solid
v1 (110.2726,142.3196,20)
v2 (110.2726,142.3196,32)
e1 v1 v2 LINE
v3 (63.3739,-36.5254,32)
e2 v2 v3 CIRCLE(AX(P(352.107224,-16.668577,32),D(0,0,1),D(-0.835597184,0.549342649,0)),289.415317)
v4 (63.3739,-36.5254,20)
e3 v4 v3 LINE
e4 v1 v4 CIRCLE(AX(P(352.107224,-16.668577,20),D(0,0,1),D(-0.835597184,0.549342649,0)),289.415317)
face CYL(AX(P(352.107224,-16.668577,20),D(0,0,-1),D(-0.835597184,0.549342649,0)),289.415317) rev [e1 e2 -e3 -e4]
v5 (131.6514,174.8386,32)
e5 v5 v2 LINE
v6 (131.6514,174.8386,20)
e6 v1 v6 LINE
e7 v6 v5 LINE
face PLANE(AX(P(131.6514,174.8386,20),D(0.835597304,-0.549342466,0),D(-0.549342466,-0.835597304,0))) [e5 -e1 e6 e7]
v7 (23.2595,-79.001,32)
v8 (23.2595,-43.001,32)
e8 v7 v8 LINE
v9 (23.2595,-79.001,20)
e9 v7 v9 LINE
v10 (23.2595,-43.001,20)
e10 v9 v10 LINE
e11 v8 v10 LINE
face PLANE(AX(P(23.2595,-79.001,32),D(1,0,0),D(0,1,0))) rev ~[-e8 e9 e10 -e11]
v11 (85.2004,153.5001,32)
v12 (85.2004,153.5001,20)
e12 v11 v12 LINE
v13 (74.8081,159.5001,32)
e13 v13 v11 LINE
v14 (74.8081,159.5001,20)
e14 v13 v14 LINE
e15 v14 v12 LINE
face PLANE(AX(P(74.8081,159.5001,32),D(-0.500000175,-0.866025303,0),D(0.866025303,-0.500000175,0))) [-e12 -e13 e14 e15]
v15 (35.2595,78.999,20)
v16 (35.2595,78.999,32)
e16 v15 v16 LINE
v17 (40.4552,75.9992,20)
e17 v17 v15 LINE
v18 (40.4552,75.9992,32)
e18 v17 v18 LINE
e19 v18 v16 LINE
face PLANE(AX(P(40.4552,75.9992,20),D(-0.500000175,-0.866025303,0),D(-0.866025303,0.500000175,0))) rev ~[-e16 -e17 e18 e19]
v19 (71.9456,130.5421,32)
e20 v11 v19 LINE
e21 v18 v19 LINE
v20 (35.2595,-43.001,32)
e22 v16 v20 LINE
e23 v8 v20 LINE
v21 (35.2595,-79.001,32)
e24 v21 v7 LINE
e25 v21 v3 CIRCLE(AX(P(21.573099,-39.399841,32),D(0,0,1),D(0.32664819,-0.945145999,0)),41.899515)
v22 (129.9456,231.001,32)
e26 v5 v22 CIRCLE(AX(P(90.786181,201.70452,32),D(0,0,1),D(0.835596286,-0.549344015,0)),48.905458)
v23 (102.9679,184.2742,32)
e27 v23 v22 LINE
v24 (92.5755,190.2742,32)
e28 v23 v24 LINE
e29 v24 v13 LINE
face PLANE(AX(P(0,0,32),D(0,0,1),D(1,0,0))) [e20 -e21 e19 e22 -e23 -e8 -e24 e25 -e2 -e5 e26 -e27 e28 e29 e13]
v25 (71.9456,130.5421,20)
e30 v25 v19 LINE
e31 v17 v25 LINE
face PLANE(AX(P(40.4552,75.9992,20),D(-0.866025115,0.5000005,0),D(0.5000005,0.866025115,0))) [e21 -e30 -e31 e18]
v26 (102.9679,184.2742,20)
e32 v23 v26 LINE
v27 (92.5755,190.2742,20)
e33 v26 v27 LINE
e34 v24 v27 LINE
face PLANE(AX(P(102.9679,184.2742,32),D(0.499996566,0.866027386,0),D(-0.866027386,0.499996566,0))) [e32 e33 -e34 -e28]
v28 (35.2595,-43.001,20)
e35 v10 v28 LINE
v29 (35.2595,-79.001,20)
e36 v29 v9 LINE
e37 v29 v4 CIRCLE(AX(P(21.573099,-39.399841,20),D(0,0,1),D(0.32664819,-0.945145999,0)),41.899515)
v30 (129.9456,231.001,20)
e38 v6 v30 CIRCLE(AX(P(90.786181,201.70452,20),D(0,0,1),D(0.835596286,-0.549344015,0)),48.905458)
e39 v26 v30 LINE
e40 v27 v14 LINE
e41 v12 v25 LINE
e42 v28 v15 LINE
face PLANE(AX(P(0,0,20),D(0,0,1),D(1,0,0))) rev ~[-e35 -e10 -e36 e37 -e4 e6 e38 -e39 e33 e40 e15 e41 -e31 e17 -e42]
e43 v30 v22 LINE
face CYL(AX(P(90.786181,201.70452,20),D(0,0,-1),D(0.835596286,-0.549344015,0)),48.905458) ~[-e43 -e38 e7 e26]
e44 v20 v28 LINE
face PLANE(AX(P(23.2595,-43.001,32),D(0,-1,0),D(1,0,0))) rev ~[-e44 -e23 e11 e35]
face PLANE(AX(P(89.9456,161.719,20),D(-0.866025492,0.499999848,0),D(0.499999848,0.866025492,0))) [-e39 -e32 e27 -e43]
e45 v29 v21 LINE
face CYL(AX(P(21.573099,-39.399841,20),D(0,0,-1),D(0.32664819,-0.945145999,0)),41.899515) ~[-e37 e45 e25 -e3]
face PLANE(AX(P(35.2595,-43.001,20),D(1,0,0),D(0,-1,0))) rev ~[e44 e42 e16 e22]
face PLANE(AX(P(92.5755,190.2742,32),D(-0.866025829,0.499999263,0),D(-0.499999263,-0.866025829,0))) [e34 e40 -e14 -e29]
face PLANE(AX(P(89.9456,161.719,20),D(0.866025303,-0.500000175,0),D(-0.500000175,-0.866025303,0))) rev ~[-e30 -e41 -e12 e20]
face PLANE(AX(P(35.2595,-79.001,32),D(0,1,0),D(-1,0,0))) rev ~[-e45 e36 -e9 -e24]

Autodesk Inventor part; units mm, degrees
ref_plane "YZ Plane" through (0, 0, 0) normal (1, 0, 0) x (0, 1, 0)
ref_plane "XZ Plane" through (0, 0, 0) normal (0, 1, 0) x (-1, 0, 0)
ref_plane "XY Plane" through (0, 0, 0) normal (0, 0, 1) x (1, 0, 0)
ref_plane "Work Plane1" through (0, 0, 20) normal (0, 0, 1) x (1, 0, 0)
sketch "Sketch1" plane through (0, 0, 20) normal (0, 0, 1) x (1, 0, 0)
  circle A0 centre (68.2595, 214.6541) radius 4 projected
  line L0 (64.2595, -185.3459) -> (64.2595, -225.3459) projected
  arc A1 (72.2595, -185.3459) -> (64.2595, -185.3459) centre (68.2595, -185.3459) ccw projected
  line L1 (72.2595, -225.3459) -> (72.2595, -185.3459) projected
  arc A2 (64.2595, -225.3459) -> (72.2595, -225.3459) centre (68.2595, -225.3459) ccw projected
  line L2 (-101.2595, 230.5421) -> (-90.8671, 224.5421) projected
  line L3 (-90.8671, 224.5421) -> (-108.8671, 193.3652) projected
  line L4 (-108.8671, 193.3652) -> (-119.2595, 199.3652) projected
  line L5 (-137.2595, 168.1883) -> (-119.2595, 199.3652) projected
  line L6 (-137.2595, 168.1883) -> (-106.0825, 150.1883) projected
  line L7 (-106.0825, 150.1883) -> (-112.0825, 139.796) projected
  line L8 (-80.9056, 121.796) -> (-112.0825, 139.796) projected
  line L9 (-80.9056, 121.796) -> (-74.9056, 132.1883) projected
  line L10 (-74.9056, 132.1883) -> (-43.7287, 114.1883) projected
  line L11 (-43.7287, 114.1883) -> (-49.7287, 103.796) projected
  line L12 (-18.5518, 85.796) -> (-49.7287, 103.796) projected
  line L13 (-18.5518, 85.796) -> (-12.5518, 96.1883) projected
  line L14 (-12.5518, 96.1883) -> (18.6251, 78.1883) projected
  line L15 (18.6251, 78.1883) -> (12.6251, 67.796) projected
  line L16 (23.2595, 61.6562) -> (12.6251, 67.796) projected
  line L17 (23.2595, -7.001) -> (23.2595, 61.6562) projected
  line L18 (23.2595, -7.001) -> (35.2595, -7.001) projected
  line L19 (35.2595, -7.001) -> (35.2595, -43.001) projected
  line L20 (35.2595, -43.001) -> (23.2595, -43.001) projected
  line L21 (23.2595, -79.001) -> (23.2595, -43.001) projected
  line L22 (23.2595, -79.001) -> (35.2595, -79.001) projected
  line L23 (35.2595, -79.001) -> (35.2595, -115.001) projected
  line L24 (35.2595, -115.001) -> (23.2595, -115.001) projected
  line L25 (23.2595, -151.001) -> (23.2595, -115.001) projected
  line L26 (23.2595, -151.001) -> (35.2595, -151.001) projected
  line L27 (35.2595, -151.001) -> (35.2595, -187.001) projected
  line L28 (35.2595, -187.001) -> (23.2595, -187.001) projected
  line L29 (23.2595, -223.001) -> (23.2595, -187.001) projected
  line L30 (23.2595, -223.001) -> (35.2595, -223.001) projected
  line L31 (35.2595, -223.001) -> (35.2595, -259.001) projected
  line L32 (35.2595, -259.001) -> (23.2595, -259.001) projected
  line L33 (23.2595, -295.001) -> (23.2595, -259.001) projected
  line L34 (23.2595, -295.001) -> (35.2595, -295.001) projected
  line L35 (35.2595, -295.001) -> (35.2595, -331.001) projected
  line L36 (105.7595, -290.2979) -> (35.2595, -331.001) projected
  arc A3 (105.7595, -290.2979) -> (143.2595, -225.3459) centre (68.2595, -225.3459) ccw projected
  line L37 (143.2595, -185.3459) -> (143.2595, -225.3459) projected
  arc A4 (143.2595, -185.3459) -> (125.3012, -136.6505) centre (68.2595, -185.3459) ccw projected
  arc A5 (114.6586, -107.7924) -> (125.3012, -136.6505) centre (159.1055, -107.7924) ccw projected
  line L38 (114.6586, 129.2663) -> (114.6586, -107.7924) projected
  arc A6 (5.9066, 302.615) -> (62.9654, 289.467) centre (55.9066, 389.2175) ccw projected
  line L39 (-43.2595, 331.001) -> (5.9066, 302.615) projected
  line L40 (-65.2595, 292.8959) -> (-43.2595, 331.001) projected
  line L41 (-65.2595, 292.8959) -> (-54.8671, 286.8959) projected
  line L42 (-54.8671, 286.8959) -> (-72.8671, 255.719) projected
  line L43 (-72.8671, 255.719) -> (-83.2595, 261.719) projected
  line L44 (-101.2595, 230.5421) -> (-83.2595, 261.719) projected
  circle A7 centre (28.2595, 174.6541) radius 30 projected
  line L45 (71.9456, 130.5421) -> (61.5533, 136.5421) projected
  line L46 (61.5533, 136.5421) -> (79.5533, 167.719) projected
  line L47 (79.5533, 167.719) -> (89.9456, 161.719) projected
  line L48 (89.9456, 161.719) -> (71.9456, 130.5421) projected
  line L49 (40.4552, 75.9992) -> (71.9456, 130.5421) projected
  line L50 (40.4552, 75.9992) -> (30.0629, 81.9992) projected
  line L51 (30.0629, 81.9992) -> (61.5533, 136.5421) projected
  line L52 (61.5533, 136.5421) -> (71.9456, 130.5421) projected
  line L53 (40.4552, 75.9992) -> (71.9456, 130.5421) projected
  line L54 (35.2595, 78.999) -> (35.2595, -6.251) projected
  line L55 (35.2595, -6.251) -> (23.2595, -6.251) projected
  line L56 (23.2595, 78.999) -> (23.2595, -6.251) projected
  line L57 (35.2595, 78.999) -> (23.2595, 78.999) projected
  line L58 (89.9456, 161.719) -> (137.3521, 243.8295)
  line L59 (131.6514, 174.8386) -> (110.2726, 142.3196)
  arc A8 (110.2726, 142.3196) -> (63.3739, -36.5254) centre (352.1075, -16.6687) ccw
  arc A9 (35.2595, -79.001) -> (63.3739, -36.5254) centre (21.5733, -39.4001) ccw
  line L60 (119.5533, 237.001) -> (129.9456, 231.001) projected
  arc A10 (131.6514, 174.8386) -> (129.9456, 231.001) centre (90.7859, 201.7046) ccw
  circle A11 centre (68.2595, 214.6541) radius 4 projected
  line L61 (64.2595, -185.3459) -> (64.2595, -225.3459) projected
  arc A12 (72.2595, -185.3459) -> (64.2595, -185.3459) centre (68.2595, -185.3459) ccw projected
  line L62 (72.2595, -225.3459) -> (72.2595, -185.3459) projected
  arc A13 (64.2595, -225.3459) -> (72.2595, -225.3459) centre (68.2595, -225.3459) ccw projected
  line L63 (-101.2595, 230.5421) -> (-90.8671, 224.5421) projected
  line L64 (-90.8671, 224.5421) -> (-108.8671, 193.3652) projected
  line L65 (-108.8671, 193.3652) -> (-119.2595, 199.3652) projected
  line L66 (-137.2595, 168.1883) -> (-119.2595, 199.3652) projected
  line L67 (-137.2595, 168.1883) -> (-106.0825, 150.1883) projected
  line L68 (-106.0825, 150.1883) -> (-112.0825, 139.796) projected
  line L69 (-80.9056, 121.796) -> (-112.0825, 139.796) projected
  line L70 (-80.9056, 121.796) -> (-74.9056, 132.1883) projected
  line L71 (-74.9056, 132.1883) -> (-43.7287, 114.1883) projected
  line L72 (-43.7287, 114.1883) -> (-49.7287, 103.796) projected
  line L73 (-18.5518, 85.796) -> (-49.7287, 103.796) projected
  line L74 (-18.5518, 85.796) -> (-12.5518, 96.1883) projected
  line L75 (-12.5518, 96.1883) -> (18.6251, 78.1883) projected
  line L76 (18.6251, 78.1883) -> (12.6251, 67.796) projected
  line L77 (23.2595, 61.6562) -> (12.6251, 67.796) projected
  line L78 (23.2595, -7.001) -> (23.2595, 61.6562) projected
  line L79 (23.2595, -7.001) -> (35.2595, -7.001) projected
  line L80 (35.2595, -7.001) -> (35.2595, -43.001) projected
  line L81 (35.2595, -43.001) -> (23.2595, -43.001) projected
  line L82 (23.2595, -79.001) -> (23.2595, -43.001) projected
  line L83 (23.2595, -79.001) -> (35.2595, -79.001) projected
  line L84 (35.2595, -79.001) -> (35.2595, -115.001) projected
  line L85 (35.2595, -115.001) -> (23.2595, -115.001) projected
  line L86 (23.2595, -151.001) -> (23.2595, -115.001) projected
  line L87 (23.2595, -151.001) -> (35.2595, -151.001) projected
  line L88 (35.2595, -151.001) -> (35.2595, -187.001) projected
  line L89 (35.2595, -187.001) -> (23.2595, -187.001) projected
  line L90 (23.2595, -223.001) -> (23.2595, -187.001) projected
  line L91 (23.2595, -223.001) -> (35.2595, -223.001) projected
  line L92 (35.2595, -223.001) -> (35.2595, -259.001) projected
  line L93 (35.2595, -259.001) -> (23.2595, -259.001) projected
  line L94 (23.2595, -295.001) -> (23.2595, -259.001) projected
  line L95 (23.2595, -295.001) -> (35.2595, -295.001) projected
  line L96 (35.2595, -295.001) -> (35.2595, -331.001) projected
  line L97 (105.7595, -290.2979) -> (35.2595, -331.001) projected
  arc A14 (105.7595, -290.2979) -> (143.2595, -225.3459) centre (68.2595, -225.3459) ccw projected
  line L98 (143.2595, -185.3459) -> (143.2595, -225.3459) projected
  arc A15 (143.2595, -185.3459) -> (125.3012, -136.6505) centre (68.2595, -185.3459) ccw projected
  arc A16 (114.6586, -107.7924) -> (125.3012, -136.6505) centre (159.1055, -107.7924) ccw projected
  line L99 (114.6586, 129.2663) -> (114.6586, -107.7924) projected
  arc A17 (128.1281, 169.4795) -> (114.6586, 129.2663) centre (181.4216, 129.2663) ccw projected
  arc A18 (128.1281, 169.4795) -> (62.9654, 289.467) centre (68.2595, 214.6541) ccw projected
  arc A19 (5.9066, 302.615) -> (62.9654, 289.467) centre (55.9066, 389.2175) ccw projected
  line L100 (-43.2595, 331.001) -> (5.9066, 302.615) projected
  line L101 (-65.2595, 292.8959) -> (-43.2595, 331.001) projected
  line L102 (-65.2595, 292.8959) -> (-54.8671, 286.8959) projected
  line L103 (-54.8671, 286.8959) -> (-72.8671, 255.719) projected
  line L104 (-72.8671, 255.719) -> (-83.2595, 261.719) projected
  line L105 (-101.2595, 230.5421) -> (-83.2595, 261.719) projected
  circle A20 centre (28.2595, 174.6541) radius 30 projected
  line L106 (71.9456, 130.5421) -> (61.5533, 136.5421) projected
  line L107 (61.5533, 136.5421) -> (79.5533, 167.719) projected
  line L108 (79.5533, 167.719) -> (89.9456, 161.719) projected
  line L109 (89.9456, 161.719) -> (71.9456, 130.5421) projected
  line L110 (35.2595, -7.001) -> (35.2595, 3.1632)
  line L111 (35.2595, -6.251) -> (35.2595, -79.001)
  point P0 (0, 0)
extrude "Extrusion1" add sketch "Sketch1" along normal blind 12 contours A10 L59 A17 A8 A9 L111 L19 L110 L54 L50 L49 L48 L58 | L59 A17
sketch "Sketch3" plane through (0, 0, 32) normal (0, 0, 1) x (1, 0, 0)
  line L0 (35.2595, 78.999) -> (35.2595, -79.001) projected
  arc A0 (35.2595, -79.001) -> (63.3739, -36.5254) centre (21.5733, -39.4001) ccw projected
  arc A1 (110.2726, 142.3196) -> (63.3739, -36.5254) centre (352.1075, -16.6687) ccw projected
  line L1 (110.2726, 142.3196) -> (131.6514, 174.8386) projected
  arc A2 (131.6514, 174.8386) -> (129.9456, 231.001) centre (90.7859, 201.7046) ccw projected
  line L2 (129.9456, 231.001) -> (40.4552, 75.9992) projected
  line L3 (40.4552, 75.9992) -> (35.2595, 78.999) projected
  line L4 (35.2595, -79.001) -> (23.2595, -79.001)
  line L5 (23.2595, -79.001) -> (23.2595, -43.001)
  line L6 (23.2595, -43.001) -> (35.2595, -43.001)
  line L7 (35.2595, -43.001) -> (35.2595, -79.001)
  line L8 (129.9456, 231.001) -> (40.4552, 75.9992) projected
  line L9 (85.2004, 153.5001) -> (102.9679, 184.2742)
  line L10 (102.9679, 184.2742) -> (92.5755, 190.2742)
  line L11 (92.5755, 190.2742) -> (74.8081, 159.5001)
  line L12 (74.8081, 159.5001) -> (85.2004, 153.5001)
  point P0 (0, 0)
  dimension "d2" = 12
  dimension "d3" = 36
  dimension "d4" = 12
extrude "Extrusion2" add sketch "Sketch3" against normal up to surface (12 mm away) contours L0 L4 L5 L6 | L12 L11 L10 L2
sketch "Sketch4" plane through (0, 0, 32) normal (0, 0, 1) x (1, 0, 0)
  line L0 (35.2595, 78.999) -> (35.2595, -43.001) projected
  line L1 (35.2595, -43.001) -> (23.2595, -43.001) projected
  line L2 (23.2595, -43.001) -> (23.2595, -79.001) projected
  line L3 (23.2595, -79.001) -> (35.2595, -79.001) projected
  arc A0 (35.2595, -79.001) -> (63.3739, -36.5254) centre (21.5733, -39.4001) ccw projected
  arc A1 (110.2726, 142.3196) -> (63.3739, -36.5254) centre (352.1075, -16.6687) ccw projected
  line L4 (110.2726, 142.3196) -> (131.6514, 174.8386) projected
  arc A2 (131.6514, 174.8386) -> (129.9456, 231.001) centre (90.7859, 201.7046) ccw projected
  line L5 (129.9456, 231.001) -> (102.9679, 184.2742) projected
  line L6 (102.9679, 184.2742) -> (92.5755, 190.2742) projected
  line L7 (92.5755, 190.2742) -> (74.8081, 159.5001) projected
  line L8 (74.8081, 159.5001) -> (85.2004, 153.5001) projected
  line L9 (85.2004, 153.5001) -> (40.4552, 75.9992) projected
  line L10 (40.4552, 75.9992) -> (35.2595, 78.999) projected
  point P0 (0, 0)
properties part number "wooden_stiffener"
